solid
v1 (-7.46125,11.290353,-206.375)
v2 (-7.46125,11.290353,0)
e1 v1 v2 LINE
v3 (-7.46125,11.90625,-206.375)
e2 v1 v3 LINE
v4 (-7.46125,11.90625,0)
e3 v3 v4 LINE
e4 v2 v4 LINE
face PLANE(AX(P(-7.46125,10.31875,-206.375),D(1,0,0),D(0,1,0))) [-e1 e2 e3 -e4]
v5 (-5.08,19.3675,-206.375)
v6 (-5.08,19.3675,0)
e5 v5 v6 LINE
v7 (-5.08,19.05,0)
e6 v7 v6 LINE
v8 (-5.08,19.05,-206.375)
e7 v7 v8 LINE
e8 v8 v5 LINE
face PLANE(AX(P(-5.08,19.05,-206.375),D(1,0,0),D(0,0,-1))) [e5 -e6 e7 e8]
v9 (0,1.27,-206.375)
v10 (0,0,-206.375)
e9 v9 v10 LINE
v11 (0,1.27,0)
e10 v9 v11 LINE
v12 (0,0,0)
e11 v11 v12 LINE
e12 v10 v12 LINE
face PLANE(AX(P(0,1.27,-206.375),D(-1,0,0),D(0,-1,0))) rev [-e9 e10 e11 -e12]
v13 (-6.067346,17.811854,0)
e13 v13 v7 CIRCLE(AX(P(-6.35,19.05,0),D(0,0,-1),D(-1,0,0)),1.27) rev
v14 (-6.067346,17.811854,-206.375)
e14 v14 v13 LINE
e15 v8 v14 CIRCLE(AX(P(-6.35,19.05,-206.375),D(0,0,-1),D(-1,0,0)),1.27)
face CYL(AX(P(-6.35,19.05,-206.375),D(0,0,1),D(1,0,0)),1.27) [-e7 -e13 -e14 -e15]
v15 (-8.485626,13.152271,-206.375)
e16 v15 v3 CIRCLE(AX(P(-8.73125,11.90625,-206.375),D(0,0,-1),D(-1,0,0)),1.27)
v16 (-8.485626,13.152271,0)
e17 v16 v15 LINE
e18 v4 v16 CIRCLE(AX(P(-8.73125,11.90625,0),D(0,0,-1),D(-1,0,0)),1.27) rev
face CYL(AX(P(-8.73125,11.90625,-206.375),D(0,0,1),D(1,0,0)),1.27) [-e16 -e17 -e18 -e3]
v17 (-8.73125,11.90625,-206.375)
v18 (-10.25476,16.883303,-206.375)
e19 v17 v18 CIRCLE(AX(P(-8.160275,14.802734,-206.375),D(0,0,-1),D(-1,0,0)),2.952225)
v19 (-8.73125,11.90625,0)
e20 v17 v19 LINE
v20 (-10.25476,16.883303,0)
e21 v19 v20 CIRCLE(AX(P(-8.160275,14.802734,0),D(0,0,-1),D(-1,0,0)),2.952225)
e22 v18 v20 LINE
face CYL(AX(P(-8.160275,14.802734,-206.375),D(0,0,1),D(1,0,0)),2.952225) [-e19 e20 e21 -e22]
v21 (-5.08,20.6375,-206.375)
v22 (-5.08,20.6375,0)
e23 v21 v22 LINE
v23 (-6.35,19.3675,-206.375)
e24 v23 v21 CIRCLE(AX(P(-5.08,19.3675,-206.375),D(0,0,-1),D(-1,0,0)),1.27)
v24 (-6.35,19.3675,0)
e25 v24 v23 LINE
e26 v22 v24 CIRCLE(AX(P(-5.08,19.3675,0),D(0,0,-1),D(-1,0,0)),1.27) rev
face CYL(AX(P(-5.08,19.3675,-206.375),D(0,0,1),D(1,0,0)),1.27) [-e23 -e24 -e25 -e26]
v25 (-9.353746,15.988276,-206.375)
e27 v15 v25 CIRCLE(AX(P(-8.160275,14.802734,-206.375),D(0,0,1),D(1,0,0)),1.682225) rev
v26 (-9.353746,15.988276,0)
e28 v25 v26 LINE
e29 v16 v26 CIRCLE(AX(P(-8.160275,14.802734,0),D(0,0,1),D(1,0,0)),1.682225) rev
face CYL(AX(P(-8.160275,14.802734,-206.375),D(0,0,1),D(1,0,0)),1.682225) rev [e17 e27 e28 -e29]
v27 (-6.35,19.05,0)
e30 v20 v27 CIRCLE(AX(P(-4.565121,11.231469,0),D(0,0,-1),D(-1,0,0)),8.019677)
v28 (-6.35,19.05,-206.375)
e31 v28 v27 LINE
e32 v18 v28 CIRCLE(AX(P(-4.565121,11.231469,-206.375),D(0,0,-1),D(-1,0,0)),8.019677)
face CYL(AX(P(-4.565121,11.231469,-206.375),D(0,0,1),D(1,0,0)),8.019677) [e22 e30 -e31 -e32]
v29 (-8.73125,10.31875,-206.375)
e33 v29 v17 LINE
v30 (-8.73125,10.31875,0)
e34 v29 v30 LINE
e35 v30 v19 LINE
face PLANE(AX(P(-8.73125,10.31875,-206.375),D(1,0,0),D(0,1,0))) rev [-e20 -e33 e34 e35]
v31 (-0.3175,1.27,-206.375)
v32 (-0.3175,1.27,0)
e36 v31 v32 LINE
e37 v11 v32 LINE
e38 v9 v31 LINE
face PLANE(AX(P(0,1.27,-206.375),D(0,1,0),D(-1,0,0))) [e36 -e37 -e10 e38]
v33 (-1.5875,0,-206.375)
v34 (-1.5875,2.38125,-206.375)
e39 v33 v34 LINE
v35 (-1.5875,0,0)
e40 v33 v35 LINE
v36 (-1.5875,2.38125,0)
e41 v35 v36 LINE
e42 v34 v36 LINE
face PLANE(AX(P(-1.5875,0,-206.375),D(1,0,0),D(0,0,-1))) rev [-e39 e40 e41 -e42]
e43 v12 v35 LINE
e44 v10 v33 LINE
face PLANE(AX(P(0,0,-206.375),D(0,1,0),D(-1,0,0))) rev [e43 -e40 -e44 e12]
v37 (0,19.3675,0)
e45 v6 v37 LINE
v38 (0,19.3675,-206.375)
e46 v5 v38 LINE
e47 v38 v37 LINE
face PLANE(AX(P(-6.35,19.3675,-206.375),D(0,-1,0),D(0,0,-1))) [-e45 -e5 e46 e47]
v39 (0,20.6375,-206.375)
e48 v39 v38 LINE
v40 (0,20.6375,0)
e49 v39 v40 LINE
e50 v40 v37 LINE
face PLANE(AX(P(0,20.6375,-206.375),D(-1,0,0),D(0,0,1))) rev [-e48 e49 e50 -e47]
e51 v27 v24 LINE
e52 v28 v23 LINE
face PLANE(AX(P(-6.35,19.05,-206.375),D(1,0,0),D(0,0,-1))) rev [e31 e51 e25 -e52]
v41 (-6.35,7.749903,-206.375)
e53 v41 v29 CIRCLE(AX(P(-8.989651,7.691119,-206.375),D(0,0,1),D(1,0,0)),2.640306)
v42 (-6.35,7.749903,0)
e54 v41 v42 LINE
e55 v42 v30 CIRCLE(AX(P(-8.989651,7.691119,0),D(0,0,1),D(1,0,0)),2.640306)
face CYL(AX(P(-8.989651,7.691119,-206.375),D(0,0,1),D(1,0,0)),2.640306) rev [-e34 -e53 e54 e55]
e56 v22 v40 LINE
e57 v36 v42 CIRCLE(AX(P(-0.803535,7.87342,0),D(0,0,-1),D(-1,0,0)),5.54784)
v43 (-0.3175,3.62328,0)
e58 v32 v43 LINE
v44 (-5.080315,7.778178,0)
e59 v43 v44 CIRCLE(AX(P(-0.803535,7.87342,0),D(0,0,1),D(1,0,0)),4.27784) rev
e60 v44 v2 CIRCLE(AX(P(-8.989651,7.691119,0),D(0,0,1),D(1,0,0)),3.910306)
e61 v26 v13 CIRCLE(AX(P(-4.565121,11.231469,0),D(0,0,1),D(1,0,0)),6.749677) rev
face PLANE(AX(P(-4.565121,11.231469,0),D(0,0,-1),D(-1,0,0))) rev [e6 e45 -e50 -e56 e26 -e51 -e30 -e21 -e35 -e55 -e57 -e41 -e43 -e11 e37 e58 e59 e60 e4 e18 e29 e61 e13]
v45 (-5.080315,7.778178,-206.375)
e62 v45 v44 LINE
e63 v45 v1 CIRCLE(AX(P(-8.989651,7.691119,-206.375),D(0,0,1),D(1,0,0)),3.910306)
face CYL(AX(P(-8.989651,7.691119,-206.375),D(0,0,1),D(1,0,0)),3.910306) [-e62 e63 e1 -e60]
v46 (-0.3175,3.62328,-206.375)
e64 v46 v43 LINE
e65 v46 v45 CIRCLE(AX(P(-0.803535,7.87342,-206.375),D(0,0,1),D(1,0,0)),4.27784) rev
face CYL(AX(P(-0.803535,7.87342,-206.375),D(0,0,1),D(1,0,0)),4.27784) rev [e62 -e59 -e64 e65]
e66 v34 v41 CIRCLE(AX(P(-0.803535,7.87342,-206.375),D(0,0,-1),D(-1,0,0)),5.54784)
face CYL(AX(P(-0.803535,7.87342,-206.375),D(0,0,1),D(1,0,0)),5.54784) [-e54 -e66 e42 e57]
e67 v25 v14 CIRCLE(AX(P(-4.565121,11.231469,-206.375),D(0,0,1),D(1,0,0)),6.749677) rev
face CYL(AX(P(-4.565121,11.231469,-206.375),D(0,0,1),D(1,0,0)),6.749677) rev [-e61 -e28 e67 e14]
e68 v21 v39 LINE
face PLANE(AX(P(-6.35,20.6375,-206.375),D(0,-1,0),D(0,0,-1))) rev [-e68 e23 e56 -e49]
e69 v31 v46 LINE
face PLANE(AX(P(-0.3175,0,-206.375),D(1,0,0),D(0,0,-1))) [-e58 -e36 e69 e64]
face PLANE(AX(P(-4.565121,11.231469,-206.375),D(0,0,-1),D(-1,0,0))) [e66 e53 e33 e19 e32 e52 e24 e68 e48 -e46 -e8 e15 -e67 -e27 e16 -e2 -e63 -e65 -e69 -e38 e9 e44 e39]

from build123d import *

# Parameters (mm, degrees)
EXTRUDE_THIN1_DEPTH = 206.375
FILLET1_R           = 1.27


with BuildPart() as part:
    # Sketch1 → Extrude-Thin1 (new body)
    with BuildSketch(Plane.XY):
        with BuildLine():
            Line((0, 0), (-1.5875, 0))
            Line((-1.5875, 0), (-1.5875, 2.38125))
            ThreePointArc((-1.5875, 2.38125), (-4.95373921, 4.191798454), (-6.35, 7.749902995))
            ThreePointArc((-6.35, 7.749902995), (-7.0533091, 9.486054835), (-8.73125, 10.31875))
            Line((-8.73125, 10.31875), (-8.73125, 11.90625))
            ThreePointArc((-8.73125, 11.90625), (-10.983204711, 13.93861616), (-10.254760064, 16.883303007))
            ThreePointArc((-10.254760064, 16.883303007), (-8.456232552, 18.243920166), (-6.35, 19.05))
            Line((-6.35, 19.05), (-6.35, 20.6375))
            Line((-6.35, 20.6375), (0, 20.6375))
            Line((0, 20.6375), (0, 19.3675))
            Line((0, 19.3675), (-5.08, 19.3675))
            Line((-5.08, 19.3675), (-5.08, 17.961479369))
            ThreePointArc((-5.08, 17.961479369), (-7.394462244, 17.359516713), (-9.353746016, 15.988275809))
            ThreePointArc((-9.353746016, 15.988275809), (-9.540424793, 13.84093001), (-7.46125, 13.272621004))
            Line((-7.46125, 13.272621004), (-7.46125, 11.290352642))
            ThreePointArc((-7.46125, 11.290352642), (-5.752972349, 9.885293584), (-5.080314797, 7.778178184))
            ThreePointArc((-5.080314797, 7.778178184), (-3.615692697, 4.649806034), (-0.3175, 3.623280274))
            Line((-0.3175, 3.623280274), (-0.3175, 1.27))
            Line((-0.3175, 1.27), (0, 1.27))
            Line((0, 1.27), (0, 0))
        make_face()
    extrude(amount=-EXTRUDE_THIN1_DEPTH)

    # Fillet1
    fillet1_edges = [part.edges().sort_by_distance(p)[0] for p in [
        (-5.08, 17.961479369, -103.1875),
        (-7.46125, 13.272621004, -103.1875),
        (-6.35, 20.6375, -103.1875),
    ]]
    fillet(fillet1_edges, radius=FILLET1_R)


solid = part.part
